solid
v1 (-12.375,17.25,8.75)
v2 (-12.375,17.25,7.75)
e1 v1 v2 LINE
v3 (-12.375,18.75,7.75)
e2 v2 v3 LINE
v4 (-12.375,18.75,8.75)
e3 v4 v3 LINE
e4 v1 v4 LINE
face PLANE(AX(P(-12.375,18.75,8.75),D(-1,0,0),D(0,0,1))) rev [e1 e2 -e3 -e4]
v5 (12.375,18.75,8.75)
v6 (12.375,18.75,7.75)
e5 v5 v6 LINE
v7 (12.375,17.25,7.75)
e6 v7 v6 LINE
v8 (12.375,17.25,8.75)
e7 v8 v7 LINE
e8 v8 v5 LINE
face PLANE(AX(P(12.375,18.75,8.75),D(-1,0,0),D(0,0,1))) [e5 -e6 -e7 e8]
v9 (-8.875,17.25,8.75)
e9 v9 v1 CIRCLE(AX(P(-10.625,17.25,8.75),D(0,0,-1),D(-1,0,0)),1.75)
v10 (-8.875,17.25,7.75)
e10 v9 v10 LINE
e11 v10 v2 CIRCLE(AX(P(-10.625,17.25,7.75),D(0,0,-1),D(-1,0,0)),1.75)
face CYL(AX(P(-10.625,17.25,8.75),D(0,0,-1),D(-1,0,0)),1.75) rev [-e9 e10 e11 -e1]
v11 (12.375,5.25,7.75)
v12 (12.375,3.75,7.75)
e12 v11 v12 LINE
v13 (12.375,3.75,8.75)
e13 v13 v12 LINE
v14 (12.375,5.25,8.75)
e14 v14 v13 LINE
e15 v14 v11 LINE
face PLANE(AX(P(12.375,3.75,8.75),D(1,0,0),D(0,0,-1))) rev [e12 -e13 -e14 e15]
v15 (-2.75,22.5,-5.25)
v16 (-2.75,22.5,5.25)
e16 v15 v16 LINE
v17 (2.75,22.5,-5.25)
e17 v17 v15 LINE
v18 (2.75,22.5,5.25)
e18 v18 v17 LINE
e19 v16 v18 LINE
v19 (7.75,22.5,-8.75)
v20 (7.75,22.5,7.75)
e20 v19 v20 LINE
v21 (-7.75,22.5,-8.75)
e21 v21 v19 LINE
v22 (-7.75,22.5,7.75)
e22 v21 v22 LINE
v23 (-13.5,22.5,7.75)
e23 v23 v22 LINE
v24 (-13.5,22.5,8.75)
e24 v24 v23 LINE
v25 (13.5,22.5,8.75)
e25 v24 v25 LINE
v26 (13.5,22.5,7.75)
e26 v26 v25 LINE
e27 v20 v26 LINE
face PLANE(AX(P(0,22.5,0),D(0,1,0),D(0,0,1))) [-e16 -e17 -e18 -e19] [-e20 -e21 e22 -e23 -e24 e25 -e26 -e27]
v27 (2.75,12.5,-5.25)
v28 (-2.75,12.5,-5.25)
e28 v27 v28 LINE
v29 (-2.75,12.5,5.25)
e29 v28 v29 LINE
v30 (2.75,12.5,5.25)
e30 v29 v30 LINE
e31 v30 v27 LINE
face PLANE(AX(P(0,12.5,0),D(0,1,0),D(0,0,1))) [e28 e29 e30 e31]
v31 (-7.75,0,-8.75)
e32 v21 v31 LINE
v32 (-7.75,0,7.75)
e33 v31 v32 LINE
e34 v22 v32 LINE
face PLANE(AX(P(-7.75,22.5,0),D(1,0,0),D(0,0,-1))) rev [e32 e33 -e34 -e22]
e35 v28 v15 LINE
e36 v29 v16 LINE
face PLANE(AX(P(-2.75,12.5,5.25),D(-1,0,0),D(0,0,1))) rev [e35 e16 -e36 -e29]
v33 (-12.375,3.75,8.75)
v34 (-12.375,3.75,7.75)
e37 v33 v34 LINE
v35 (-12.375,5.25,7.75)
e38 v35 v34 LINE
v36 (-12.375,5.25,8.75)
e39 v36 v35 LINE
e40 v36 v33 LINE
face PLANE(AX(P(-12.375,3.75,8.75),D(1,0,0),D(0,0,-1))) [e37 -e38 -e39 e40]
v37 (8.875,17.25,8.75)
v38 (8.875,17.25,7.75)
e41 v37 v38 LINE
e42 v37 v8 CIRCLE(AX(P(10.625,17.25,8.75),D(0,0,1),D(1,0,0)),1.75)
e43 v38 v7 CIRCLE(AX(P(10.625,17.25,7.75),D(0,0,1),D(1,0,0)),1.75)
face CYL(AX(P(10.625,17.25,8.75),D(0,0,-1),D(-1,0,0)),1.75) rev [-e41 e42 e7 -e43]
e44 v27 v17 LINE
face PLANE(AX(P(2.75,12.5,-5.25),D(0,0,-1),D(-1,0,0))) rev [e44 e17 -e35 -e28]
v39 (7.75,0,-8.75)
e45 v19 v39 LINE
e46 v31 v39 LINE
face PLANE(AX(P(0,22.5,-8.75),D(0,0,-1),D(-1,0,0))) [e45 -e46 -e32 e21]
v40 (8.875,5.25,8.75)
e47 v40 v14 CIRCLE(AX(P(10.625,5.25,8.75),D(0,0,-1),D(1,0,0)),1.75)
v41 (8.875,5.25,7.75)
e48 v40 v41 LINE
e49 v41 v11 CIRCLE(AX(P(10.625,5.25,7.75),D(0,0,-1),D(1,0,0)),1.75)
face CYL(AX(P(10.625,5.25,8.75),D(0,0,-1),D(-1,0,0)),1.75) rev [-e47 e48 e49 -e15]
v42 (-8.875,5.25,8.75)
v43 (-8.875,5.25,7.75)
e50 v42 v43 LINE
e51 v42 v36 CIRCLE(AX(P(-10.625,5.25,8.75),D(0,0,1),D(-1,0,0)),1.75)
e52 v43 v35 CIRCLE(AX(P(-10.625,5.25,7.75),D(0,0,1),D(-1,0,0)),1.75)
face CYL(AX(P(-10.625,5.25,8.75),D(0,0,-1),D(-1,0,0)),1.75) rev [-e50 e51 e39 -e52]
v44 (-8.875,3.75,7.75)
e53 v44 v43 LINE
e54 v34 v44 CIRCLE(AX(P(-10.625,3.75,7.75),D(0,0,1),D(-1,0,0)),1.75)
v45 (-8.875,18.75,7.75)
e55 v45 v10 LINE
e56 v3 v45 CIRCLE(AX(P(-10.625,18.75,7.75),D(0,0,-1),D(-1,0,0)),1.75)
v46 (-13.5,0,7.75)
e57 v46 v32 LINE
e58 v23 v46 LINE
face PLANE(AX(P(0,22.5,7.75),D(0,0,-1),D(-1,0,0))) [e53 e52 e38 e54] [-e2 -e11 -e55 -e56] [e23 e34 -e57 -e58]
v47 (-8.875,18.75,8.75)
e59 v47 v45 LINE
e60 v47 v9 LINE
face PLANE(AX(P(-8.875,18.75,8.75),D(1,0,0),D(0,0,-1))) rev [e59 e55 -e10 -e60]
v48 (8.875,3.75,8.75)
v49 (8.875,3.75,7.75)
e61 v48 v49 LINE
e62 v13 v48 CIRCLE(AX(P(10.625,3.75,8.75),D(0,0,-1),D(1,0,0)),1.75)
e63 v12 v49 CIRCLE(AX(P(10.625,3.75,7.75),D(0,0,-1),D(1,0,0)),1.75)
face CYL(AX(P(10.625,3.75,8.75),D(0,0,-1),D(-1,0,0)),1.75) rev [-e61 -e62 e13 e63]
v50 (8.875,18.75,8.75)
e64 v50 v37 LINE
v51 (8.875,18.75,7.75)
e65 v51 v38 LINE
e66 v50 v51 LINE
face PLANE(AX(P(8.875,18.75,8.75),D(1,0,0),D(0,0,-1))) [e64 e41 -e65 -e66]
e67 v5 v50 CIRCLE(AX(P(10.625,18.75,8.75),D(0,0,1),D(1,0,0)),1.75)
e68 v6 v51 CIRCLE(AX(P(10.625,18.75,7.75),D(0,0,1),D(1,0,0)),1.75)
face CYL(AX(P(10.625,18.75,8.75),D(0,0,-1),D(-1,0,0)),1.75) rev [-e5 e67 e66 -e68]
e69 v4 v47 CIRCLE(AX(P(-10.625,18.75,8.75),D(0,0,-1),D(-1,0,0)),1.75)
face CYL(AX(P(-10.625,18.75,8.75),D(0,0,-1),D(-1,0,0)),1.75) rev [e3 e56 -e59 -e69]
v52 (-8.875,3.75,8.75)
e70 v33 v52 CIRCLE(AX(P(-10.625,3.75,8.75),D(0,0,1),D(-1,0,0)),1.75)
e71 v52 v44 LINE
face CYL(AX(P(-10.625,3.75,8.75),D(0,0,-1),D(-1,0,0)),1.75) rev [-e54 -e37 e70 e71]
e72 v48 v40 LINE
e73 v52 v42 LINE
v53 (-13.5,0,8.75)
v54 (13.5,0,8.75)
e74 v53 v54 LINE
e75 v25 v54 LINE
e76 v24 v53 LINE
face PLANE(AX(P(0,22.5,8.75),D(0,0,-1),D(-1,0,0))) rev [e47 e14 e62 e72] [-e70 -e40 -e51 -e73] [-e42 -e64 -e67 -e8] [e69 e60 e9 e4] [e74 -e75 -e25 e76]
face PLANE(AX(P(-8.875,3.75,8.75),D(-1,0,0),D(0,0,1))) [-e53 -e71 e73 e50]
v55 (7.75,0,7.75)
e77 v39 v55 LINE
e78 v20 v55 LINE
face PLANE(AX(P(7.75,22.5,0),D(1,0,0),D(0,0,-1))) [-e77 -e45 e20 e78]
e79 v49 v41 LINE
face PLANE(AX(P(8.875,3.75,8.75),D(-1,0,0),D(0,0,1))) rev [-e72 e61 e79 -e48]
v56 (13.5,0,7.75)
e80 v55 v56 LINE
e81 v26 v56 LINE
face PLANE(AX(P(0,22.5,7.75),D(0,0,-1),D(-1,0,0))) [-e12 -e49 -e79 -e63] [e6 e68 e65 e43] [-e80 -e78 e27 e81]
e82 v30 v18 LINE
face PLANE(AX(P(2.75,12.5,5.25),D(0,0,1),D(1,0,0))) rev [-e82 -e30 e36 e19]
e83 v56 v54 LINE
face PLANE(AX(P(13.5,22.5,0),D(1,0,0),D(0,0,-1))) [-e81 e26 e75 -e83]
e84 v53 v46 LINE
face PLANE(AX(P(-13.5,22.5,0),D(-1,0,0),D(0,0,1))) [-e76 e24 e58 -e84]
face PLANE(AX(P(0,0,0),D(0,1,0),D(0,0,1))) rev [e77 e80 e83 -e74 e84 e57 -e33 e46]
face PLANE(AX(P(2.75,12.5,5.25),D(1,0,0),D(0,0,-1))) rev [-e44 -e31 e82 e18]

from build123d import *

# Parameters (mm, degrees)
SKETCH1_W            = 15.5
SKETCH1_H            = 17.5
SKETCH1_W_2          = 5.75
SKETCH1_H_2          = 1
BOSS_EXTRUDE1_DEPTH  = 22.5
CUT_EXTRUDE1_DEPTH   = 2
MIRROR2_COPY_1_DEPTH = 2
SKETCH3_W            = 5.5
SKETCH3_H            = 10.5
CUT_EXTRUDE2_DEPTH   = 10


with BuildPart() as part:
    # Sketch1 → Boss-Extrude1 (new body)
    with BuildSketch(Plane(origin=(0, 0, 0), x_dir=(1, 0, 0), z_dir=(0, 1, 0))):
        Rectangle(SKETCH1_W, SKETCH1_H)
        with Locations((10.625, -8.25)):
            Rectangle(SKETCH1_W_2, SKETCH1_H_2)
        with Locations((-10.625, -8.25)):
            Rectangle(SKETCH1_W_2, SKETCH1_H_2)
    extrude(amount=BOSS_EXTRUDE1_DEPTH)

    # Sketch2 → Cut-Extrude1 (cut, through all)
    with BuildSketch(Plane(origin=(0, 0, 7.75), x_dir=(-1, 0, 0), z_dir=(0, 0, -1))):
        with BuildLine():
            Line((12.375, 18.75), (12.375, 17.25))
            ThreePointArc((12.375, 17.25), (10.625, 15.5), (8.875, 17.25))
            Line((8.875, 17.25), (8.875, 18.75))
            ThreePointArc((8.875, 18.75), (10.625, 20.5), (12.375, 18.75))
        make_face()
    cut_extrude1 = extrude(amount=-CUT_EXTRUDE1_DEPTH, mode=Mode.SUBTRACT)

    # Mirror1: Cut-Extrude1 across plane
    add(cut_extrude1.mirror(Plane(origin=(0, 0, 0), x_dir=(0, 0, 1), z_dir=(1, 0, 0))), mode=Mode.SUBTRACT)

    # Mirror2: Cut-Extrude1 across plane
    add(cut_extrude1.mirror(Plane.ZX.offset(11.25)), mode=Mode.SUBTRACT)

    # Mirror2 copy 1 sketch → Mirror2 copy 1 (cut, through all)
    with BuildSketch(Plane(origin=(0, 22.5, 7.75), x_dir=(1, 0, 0), z_dir=(0, 0, -1))):
        with BuildLine():
            Line((12.375, 18.75), (12.375, 17.25))
            ThreePointArc((12.375, 17.25), (10.625, 15.5), (8.875, 17.25))
            Line((8.875, 17.25), (8.875, 18.75))
            ThreePointArc((8.875, 18.75), (10.625, 20.5), (12.375, 18.75))
        make_face()
    extrude(amount=-MIRROR2_COPY_1_DEPTH, mode=Mode.SUBTRACT)

    # Sketch3 → Cut-Extrude2 (cut)
    with BuildSketch(Plane(origin=(0, 22.5, 0), x_dir=(1, 0, 0), z_dir=(0, 1, 0))):
        Rectangle(SKETCH3_W, SKETCH3_H)
    extrude(amount=-CUT_EXTRUDE2_DEPTH, mode=Mode.SUBTRACT)


solid = part.part
